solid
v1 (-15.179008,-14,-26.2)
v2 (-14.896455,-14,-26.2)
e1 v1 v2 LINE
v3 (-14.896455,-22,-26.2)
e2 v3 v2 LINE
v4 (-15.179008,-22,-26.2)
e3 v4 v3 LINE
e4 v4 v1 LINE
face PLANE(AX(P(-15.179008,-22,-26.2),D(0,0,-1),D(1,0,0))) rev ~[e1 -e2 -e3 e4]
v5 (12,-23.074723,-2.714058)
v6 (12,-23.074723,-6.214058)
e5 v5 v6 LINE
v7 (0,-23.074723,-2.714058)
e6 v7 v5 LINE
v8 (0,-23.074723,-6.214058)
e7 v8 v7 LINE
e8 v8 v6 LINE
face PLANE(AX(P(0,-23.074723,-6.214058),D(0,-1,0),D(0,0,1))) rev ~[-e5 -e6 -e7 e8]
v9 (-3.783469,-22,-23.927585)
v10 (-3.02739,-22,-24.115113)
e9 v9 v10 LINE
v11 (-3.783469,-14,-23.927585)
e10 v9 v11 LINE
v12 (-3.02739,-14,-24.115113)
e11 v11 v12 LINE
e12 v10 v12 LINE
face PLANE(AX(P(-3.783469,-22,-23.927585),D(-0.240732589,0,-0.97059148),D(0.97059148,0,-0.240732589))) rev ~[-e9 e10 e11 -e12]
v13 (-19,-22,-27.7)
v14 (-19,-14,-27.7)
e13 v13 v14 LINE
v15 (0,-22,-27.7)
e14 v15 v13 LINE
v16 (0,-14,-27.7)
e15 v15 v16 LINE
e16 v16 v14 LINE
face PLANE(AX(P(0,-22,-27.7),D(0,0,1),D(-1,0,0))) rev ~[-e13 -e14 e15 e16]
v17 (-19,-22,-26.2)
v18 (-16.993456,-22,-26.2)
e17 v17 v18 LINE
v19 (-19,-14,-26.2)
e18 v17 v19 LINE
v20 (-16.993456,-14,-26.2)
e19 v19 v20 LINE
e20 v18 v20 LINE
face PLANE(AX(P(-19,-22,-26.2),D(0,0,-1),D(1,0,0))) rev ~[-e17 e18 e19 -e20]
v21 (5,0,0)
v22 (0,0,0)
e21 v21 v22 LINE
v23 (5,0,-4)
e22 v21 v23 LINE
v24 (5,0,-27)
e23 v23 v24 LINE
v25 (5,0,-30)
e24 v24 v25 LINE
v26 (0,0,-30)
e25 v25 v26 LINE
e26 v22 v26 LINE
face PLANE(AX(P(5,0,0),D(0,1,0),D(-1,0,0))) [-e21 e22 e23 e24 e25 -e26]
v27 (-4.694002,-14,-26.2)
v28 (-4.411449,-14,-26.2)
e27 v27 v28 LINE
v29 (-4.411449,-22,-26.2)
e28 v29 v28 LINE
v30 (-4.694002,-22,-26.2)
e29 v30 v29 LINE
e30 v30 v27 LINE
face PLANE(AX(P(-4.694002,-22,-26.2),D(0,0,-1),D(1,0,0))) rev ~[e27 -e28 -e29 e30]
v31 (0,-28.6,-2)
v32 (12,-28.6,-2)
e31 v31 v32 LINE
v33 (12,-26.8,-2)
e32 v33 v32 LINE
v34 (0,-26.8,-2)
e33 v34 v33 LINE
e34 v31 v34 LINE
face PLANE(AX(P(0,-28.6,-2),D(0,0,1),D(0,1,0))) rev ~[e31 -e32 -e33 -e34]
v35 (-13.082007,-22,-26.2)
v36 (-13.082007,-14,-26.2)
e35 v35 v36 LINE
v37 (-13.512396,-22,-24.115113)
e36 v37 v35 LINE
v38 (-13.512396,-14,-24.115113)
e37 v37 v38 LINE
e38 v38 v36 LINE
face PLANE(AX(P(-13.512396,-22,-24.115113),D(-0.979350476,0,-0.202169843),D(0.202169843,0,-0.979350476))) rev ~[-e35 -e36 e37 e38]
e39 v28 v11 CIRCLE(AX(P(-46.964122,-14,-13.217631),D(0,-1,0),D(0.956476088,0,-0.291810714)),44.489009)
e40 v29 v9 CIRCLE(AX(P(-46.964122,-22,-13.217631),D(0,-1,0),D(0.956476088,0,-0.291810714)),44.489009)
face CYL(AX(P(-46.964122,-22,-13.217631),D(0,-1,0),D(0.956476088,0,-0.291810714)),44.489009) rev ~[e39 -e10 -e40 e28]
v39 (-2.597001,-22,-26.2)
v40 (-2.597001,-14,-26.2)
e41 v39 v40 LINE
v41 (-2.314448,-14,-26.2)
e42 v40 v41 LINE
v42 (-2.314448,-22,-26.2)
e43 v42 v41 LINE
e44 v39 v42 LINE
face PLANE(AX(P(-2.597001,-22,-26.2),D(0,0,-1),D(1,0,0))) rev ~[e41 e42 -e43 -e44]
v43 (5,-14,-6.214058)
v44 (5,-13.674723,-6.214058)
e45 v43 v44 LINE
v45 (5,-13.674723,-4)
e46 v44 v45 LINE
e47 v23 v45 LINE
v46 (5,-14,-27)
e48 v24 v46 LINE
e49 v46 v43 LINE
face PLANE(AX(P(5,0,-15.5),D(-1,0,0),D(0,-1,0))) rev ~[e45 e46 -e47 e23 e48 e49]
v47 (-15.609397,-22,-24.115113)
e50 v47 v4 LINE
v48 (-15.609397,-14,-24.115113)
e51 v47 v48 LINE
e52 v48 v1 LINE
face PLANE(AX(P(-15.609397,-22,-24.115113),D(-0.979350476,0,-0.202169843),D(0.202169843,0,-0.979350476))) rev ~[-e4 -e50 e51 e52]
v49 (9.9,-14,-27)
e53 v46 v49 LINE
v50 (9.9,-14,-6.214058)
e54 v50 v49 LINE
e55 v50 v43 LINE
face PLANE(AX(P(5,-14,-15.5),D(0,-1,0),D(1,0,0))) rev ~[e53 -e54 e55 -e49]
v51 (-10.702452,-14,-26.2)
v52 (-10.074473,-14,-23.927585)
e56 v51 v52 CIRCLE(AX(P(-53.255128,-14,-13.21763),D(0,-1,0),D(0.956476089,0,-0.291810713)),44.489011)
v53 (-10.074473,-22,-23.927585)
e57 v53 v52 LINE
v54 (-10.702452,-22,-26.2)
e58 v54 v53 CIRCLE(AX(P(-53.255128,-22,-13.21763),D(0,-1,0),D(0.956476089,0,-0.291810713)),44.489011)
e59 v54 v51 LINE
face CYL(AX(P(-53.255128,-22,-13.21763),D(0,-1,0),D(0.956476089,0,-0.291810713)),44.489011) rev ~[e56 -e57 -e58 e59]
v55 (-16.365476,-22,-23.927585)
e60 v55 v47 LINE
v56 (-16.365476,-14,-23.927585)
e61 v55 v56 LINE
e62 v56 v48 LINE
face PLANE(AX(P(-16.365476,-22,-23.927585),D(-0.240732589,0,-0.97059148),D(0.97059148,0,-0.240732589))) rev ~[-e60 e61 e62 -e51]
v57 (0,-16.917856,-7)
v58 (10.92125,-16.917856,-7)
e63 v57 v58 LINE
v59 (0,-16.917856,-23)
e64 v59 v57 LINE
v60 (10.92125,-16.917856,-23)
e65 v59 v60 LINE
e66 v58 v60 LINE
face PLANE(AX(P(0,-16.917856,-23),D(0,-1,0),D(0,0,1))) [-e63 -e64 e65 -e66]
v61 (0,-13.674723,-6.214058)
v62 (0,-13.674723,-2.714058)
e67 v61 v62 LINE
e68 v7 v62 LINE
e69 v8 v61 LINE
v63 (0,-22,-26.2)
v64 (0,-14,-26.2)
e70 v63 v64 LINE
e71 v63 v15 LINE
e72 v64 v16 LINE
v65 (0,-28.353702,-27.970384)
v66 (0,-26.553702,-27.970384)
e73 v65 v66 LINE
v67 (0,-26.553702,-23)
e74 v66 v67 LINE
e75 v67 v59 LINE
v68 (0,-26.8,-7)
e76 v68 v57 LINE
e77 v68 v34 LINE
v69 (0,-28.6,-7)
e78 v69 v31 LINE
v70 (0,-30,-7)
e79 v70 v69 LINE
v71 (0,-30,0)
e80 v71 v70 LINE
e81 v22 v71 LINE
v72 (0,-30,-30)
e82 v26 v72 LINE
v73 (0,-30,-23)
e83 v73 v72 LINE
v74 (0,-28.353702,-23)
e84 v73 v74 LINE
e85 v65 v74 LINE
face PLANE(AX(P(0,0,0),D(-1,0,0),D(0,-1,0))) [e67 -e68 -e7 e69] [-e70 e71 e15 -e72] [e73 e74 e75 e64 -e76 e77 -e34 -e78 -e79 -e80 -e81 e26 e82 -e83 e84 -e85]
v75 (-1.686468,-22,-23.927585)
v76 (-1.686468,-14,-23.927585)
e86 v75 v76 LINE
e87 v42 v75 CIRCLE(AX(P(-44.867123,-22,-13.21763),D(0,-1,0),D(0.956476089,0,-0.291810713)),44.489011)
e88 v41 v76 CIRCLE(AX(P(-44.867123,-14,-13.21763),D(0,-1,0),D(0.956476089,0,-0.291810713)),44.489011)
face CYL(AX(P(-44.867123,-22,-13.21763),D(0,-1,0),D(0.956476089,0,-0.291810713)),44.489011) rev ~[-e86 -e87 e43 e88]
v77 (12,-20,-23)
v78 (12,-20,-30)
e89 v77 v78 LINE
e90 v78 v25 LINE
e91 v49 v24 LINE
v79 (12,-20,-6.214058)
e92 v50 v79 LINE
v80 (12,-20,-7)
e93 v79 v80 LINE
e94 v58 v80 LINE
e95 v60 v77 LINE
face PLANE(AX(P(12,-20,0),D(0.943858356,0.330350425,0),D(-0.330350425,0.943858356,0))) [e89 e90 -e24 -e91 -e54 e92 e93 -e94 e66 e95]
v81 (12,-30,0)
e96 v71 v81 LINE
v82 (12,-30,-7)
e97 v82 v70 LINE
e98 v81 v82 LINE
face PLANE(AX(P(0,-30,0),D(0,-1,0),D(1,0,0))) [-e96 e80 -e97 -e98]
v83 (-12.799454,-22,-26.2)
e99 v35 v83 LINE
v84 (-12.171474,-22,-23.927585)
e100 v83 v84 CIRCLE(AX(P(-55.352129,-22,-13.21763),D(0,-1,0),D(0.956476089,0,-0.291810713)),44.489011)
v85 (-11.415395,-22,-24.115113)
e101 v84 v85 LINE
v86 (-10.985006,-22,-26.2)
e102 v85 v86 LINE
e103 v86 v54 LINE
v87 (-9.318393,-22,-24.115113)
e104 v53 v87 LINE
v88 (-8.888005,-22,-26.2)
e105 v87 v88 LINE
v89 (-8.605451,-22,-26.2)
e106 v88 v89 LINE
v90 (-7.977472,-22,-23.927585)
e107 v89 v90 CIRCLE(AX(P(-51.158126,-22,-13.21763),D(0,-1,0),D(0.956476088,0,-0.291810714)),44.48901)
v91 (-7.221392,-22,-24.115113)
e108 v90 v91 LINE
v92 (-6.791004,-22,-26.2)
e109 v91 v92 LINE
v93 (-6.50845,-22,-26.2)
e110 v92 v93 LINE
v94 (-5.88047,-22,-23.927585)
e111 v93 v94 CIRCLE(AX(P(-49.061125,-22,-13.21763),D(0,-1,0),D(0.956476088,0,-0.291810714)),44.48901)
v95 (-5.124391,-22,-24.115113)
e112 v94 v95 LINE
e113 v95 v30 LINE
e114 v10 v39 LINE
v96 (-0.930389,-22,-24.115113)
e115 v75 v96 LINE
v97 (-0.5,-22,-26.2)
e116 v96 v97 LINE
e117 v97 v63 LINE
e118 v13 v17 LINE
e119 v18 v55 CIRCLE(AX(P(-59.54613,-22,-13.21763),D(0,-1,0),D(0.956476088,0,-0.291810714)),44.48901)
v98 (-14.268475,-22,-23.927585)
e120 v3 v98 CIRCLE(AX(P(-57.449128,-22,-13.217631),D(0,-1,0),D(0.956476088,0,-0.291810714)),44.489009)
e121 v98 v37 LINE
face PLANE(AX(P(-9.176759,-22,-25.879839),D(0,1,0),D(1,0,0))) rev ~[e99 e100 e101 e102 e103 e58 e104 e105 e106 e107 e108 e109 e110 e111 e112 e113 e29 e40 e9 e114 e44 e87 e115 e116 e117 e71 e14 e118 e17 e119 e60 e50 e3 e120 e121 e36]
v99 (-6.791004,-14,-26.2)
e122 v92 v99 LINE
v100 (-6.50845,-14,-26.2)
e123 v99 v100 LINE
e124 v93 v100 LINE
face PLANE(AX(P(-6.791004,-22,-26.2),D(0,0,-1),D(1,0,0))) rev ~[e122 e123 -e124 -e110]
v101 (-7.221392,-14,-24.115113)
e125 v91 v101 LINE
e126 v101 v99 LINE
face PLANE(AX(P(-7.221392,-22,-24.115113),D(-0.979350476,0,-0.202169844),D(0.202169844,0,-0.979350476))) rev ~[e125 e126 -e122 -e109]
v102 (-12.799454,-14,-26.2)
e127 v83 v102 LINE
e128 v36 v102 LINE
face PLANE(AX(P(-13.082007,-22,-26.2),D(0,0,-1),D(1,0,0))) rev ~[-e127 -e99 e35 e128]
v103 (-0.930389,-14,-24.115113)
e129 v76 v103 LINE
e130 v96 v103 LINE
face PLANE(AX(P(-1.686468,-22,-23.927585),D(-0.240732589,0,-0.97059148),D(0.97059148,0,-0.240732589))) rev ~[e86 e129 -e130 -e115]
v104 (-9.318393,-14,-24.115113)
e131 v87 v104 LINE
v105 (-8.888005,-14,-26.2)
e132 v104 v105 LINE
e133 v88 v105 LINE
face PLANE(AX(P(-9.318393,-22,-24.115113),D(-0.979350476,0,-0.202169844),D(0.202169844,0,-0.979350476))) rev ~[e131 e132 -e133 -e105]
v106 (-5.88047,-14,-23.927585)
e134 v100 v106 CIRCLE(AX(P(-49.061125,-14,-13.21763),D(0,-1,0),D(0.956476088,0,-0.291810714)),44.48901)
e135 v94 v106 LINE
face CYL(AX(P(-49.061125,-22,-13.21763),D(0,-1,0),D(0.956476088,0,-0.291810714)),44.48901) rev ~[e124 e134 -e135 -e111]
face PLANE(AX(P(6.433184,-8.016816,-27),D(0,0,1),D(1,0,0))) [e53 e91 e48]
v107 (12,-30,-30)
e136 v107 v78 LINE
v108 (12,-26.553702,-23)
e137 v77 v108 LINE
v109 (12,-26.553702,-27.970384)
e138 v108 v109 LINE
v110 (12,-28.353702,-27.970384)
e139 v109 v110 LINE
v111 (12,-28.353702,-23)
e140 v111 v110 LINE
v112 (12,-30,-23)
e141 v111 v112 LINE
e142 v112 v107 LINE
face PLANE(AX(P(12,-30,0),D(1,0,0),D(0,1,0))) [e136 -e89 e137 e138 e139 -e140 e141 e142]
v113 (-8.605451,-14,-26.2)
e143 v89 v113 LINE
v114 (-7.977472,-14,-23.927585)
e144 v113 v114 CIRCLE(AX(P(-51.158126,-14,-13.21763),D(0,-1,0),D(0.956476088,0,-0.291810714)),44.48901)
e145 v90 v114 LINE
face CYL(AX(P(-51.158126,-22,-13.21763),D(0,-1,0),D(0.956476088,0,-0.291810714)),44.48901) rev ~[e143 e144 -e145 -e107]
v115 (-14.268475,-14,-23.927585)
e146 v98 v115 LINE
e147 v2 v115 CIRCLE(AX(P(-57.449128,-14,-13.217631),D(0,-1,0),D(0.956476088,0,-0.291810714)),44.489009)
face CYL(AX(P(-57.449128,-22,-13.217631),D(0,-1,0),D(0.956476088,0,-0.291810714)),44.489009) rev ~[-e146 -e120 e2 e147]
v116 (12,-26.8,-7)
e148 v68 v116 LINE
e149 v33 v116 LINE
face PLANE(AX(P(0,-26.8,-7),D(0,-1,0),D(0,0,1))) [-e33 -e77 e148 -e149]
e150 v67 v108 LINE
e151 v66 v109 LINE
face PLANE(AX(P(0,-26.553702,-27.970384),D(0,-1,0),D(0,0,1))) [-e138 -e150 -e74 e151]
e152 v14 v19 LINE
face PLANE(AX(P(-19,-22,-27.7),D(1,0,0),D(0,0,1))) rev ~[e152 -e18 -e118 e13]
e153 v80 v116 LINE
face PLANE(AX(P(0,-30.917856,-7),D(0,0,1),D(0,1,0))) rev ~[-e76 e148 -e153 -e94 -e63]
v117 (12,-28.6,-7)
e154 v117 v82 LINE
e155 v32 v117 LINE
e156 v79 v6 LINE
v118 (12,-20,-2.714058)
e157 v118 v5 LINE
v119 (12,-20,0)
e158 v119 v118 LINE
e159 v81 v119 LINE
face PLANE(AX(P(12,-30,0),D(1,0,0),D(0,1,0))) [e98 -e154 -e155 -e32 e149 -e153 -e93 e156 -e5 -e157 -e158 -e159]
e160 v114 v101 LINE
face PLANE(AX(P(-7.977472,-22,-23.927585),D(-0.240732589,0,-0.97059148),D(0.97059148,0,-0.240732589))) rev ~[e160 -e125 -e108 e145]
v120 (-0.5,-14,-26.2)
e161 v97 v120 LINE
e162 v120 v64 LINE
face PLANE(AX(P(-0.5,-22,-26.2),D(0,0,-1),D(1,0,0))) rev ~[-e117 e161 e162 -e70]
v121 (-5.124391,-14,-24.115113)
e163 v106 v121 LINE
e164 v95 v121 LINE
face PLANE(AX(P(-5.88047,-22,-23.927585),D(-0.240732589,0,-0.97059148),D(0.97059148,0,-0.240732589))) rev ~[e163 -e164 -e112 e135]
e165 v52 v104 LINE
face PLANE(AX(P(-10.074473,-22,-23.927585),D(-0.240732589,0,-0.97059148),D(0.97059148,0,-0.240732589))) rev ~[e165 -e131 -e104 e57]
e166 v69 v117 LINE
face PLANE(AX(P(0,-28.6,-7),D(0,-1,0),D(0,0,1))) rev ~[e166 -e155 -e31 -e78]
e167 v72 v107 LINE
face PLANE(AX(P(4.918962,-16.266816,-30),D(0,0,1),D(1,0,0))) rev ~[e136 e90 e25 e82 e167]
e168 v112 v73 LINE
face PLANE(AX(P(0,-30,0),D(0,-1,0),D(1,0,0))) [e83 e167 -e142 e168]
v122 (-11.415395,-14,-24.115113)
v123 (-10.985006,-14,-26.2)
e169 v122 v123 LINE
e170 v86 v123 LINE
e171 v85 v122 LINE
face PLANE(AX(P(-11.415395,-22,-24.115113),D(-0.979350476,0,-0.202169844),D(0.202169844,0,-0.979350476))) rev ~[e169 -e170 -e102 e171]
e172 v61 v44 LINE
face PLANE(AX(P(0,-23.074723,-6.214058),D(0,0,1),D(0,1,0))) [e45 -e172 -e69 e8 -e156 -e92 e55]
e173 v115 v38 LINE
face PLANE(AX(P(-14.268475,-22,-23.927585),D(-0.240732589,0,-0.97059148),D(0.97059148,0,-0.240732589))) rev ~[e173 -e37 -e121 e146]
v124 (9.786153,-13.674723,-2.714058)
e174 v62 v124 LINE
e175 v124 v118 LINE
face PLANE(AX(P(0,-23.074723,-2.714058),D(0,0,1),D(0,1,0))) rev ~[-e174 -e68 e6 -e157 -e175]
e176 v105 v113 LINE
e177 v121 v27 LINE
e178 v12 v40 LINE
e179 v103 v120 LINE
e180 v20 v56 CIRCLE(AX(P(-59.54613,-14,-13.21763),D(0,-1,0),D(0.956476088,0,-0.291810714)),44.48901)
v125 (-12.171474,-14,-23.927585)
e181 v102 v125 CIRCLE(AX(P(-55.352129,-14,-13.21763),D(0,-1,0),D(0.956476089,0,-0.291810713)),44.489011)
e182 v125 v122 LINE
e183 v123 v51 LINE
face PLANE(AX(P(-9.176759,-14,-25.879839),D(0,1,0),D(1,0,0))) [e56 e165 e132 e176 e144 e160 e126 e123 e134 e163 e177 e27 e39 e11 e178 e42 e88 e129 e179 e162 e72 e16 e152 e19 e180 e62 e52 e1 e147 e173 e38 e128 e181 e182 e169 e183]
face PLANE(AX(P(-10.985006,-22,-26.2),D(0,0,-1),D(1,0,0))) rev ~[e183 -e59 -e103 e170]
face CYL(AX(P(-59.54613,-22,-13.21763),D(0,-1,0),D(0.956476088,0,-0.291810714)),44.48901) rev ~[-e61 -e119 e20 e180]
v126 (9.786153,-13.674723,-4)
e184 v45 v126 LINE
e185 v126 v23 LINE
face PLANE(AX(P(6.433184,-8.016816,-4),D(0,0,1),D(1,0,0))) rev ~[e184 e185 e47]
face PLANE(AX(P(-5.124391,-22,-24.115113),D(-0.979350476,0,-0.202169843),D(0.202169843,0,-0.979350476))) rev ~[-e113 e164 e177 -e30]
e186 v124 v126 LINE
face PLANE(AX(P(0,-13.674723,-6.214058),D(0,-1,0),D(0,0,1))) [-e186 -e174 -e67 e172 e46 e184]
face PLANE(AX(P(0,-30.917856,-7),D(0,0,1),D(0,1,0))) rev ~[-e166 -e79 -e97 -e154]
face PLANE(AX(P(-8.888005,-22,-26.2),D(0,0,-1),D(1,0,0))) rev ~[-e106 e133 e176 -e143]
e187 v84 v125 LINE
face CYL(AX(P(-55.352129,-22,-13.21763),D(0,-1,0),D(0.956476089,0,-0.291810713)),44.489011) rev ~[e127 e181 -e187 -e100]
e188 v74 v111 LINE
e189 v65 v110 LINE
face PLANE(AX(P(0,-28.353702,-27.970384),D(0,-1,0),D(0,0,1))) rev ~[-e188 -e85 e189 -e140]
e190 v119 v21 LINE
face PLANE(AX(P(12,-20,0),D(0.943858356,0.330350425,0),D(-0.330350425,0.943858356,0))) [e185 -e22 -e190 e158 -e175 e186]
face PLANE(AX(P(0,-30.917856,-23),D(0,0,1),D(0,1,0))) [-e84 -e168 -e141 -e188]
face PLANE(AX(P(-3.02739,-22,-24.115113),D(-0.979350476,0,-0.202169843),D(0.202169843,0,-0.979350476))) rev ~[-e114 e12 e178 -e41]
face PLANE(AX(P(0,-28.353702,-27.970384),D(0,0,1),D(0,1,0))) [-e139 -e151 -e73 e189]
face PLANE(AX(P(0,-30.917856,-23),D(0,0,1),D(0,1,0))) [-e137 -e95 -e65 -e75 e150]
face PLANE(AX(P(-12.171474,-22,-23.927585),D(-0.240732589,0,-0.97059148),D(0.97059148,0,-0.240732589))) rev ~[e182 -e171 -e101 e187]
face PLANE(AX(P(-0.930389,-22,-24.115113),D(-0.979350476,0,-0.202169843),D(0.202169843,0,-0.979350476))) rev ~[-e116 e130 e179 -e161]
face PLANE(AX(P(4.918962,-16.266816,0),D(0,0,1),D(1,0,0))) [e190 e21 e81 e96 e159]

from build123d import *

# Parameters (mm, degrees)
BOSS_EXTRUDE1_DEPTH = 30
SKETCH4_W           = 16
SKETCH4_H           = 14
CUT_EXTRUDE2_DEPTH  = 25
SKETCH5_W           = 5
SKETCH5_H           = 1.8
CUT_EXTRUDE3_DEPTH  = 15
CUT_EXTRUDE4_DEPTH  = 11.5
BOSS_EXTRUDE2_DEPTH = 8
SKETCH8_W           = 3.5
SKETCH8_H           = 9.4
CUT_EXTRUDE5_DEPTH  = 47.486557197
SKETCH9_W           = 5
SKETCH9_H           = 1.8
CUT_EXTRUDE6_DEPTH  = 47.486557197


with BuildPart() as part:
    # Sketch1 → Boss-Extrude1 (new body)
    with BuildSketch(Plane.XY):
        Polygon((0, 0), (0, -30), (12, -30), (12, -20), (5, 0), align=None)
    extrude(amount=-BOSS_EXTRUDE1_DEPTH)

    # Sketch4 → Cut-Extrude2 (cut)
    with BuildSketch(Plane.ZY):
        with Locations((-15, -23.917856259)):
            Rectangle(SKETCH4_W, SKETCH4_H)
    extrude(amount=-CUT_EXTRUDE2_DEPTH, mode=Mode.SUBTRACT)

    # Sketch5 → Cut-Extrude3 (cut)
    with BuildSketch(Plane.ZY):
        with Locations((-4.5, -27.7)):
            Rectangle(SKETCH5_W, SKETCH5_H)
    extrude(amount=-CUT_EXTRUDE3_DEPTH, mode=Mode.SUBTRACT)

    # Sketch6 → Cut-Extrude4 (cut, symmetric)
    with BuildSketch(Plane.XY.offset(-15.5)):
        Polygon((5, 0), (5, -14), (9.9, -14), align=None)
    extrude(amount=CUT_EXTRUDE4_DEPTH, both=True, mode=Mode.SUBTRACT)

    # Sketch7 → Boss-Extrude2 (add)
    with BuildSketch(Plane(origin=(0, -22, 0), x_dir=(1, 0, 0), z_dir=(0, 1, 0))):
        with BuildLine():
            Line((0, 27.7), (-19, 27.7))
            Line((-19, 27.7), (-19, 26.2))
            Line((-19, 26.2), (-16.993455994, 26.2))
            ThreePointArc((-16.993455994, 26.2), (-16.6644108, 25.067952934), (-16.365476207, 23.927584833))
            Line((-16.365476207, 23.927584833), (-15.609396851, 24.115112691))
            Line((-15.609396851, 24.115112691), (-15.179008189, 26.2))
            Line((-15.179008189, 26.2), (-14.896454824, 26.2))
            ThreePointArc((-14.896454824, 26.2), (-14.56740963, 25.067952934), (-14.268475038, 23.927584833))
            Line((-14.268475038, 23.927584833), (-13.512395681, 24.115112691))
            Line((-13.512395681, 24.115112691), (-13.082007019, 26.2))
            Line((-13.082007019, 26.2), (-12.799453654, 26.2))
            ThreePointArc((-12.799453654, 26.2), (-12.470408461, 25.067952934), (-12.171473868, 23.927584833))
            Line((-12.171473868, 23.927584833), (-11.415394512, 24.115112691))
            Line((-11.415394512, 24.115112691), (-10.985005849, 26.2))
            Line((-10.985005849, 26.2), (-10.702452484, 26.2))
            ThreePointArc((-10.702452484, 26.2), (-10.373407291, 25.067952934), (-10.074472698, 23.927584833))
            Line((-10.074472698, 23.927584833), (-9.318393342, 24.115112691))
            Line((-9.318393342, 24.115112691), (-8.888004679, 26.2))
            Line((-8.888004679, 26.2), (-8.605451315, 26.2))
            ThreePointArc((-8.605451315, 26.2), (-8.276406121, 25.067952934), (-7.977471528, 23.927584833))
            Line((-7.977471528, 23.927584833), (-7.221392172, 24.115112691))
            Line((-7.221392172, 24.115112691), (-6.791003509, 26.2))
            Line((-6.791003509, 26.2), (-6.508450145, 26.2))
            ThreePointArc((-6.508450145, 26.2), (-6.179404951, 25.067952934), (-5.880470358, 23.927584833))
            Line((-5.880470358, 23.927584833), (-5.124391002, 24.115112691))
            Line((-5.124391002, 24.115112691), (-4.69400234, 26.2))
            Line((-4.69400234, 26.2), (-4.411448975, 26.2))
            ThreePointArc((-4.411448975, 26.2), (-4.082403781, 25.067952934), (-3.783469189, 23.927584833))
            Line((-3.783469189, 23.927584833), (-3.027389832, 24.115112691))
            Line((-3.027389832, 24.115112691), (-2.59700117, 26.2))
            Line((-2.59700117, 26.2), (-2.314447805, 26.2))
            ThreePointArc((-2.314447805, 26.2), (-1.985402612, 25.067952934), (-1.686468019, 23.927584833))
            Line((-1.686468019, 23.927584833), (-0.930388662, 24.115112691))
            Line((-0.930388662, 24.115112691), (-0.5, 26.2))
            Line((-0.5, 26.2), (0, 26.2))
            Line((0, 26.2), (0, 27.7))
        make_face()
    extrude(amount=BOSS_EXTRUDE2_DEPTH)

    # Sketch8 → Cut-Extrude5 (cut, through all)
    with BuildSketch(Plane.ZY):
        with Locations((-4.464057862, -18.374722701)):
            Rectangle(SKETCH8_W, SKETCH8_H)
    extrude(amount=-CUT_EXTRUDE5_DEPTH, mode=Mode.SUBTRACT)

    # Sketch9 → Cut-Extrude6 (cut, through all)
    with BuildSketch(Plane.ZY):
        with Locations((-25.470383714, -27.453702253)):
            Rectangle(SKETCH9_W, SKETCH9_H)
    extrude(amount=-CUT_EXTRUDE6_DEPTH, mode=Mode.SUBTRACT)


solid = part.part
